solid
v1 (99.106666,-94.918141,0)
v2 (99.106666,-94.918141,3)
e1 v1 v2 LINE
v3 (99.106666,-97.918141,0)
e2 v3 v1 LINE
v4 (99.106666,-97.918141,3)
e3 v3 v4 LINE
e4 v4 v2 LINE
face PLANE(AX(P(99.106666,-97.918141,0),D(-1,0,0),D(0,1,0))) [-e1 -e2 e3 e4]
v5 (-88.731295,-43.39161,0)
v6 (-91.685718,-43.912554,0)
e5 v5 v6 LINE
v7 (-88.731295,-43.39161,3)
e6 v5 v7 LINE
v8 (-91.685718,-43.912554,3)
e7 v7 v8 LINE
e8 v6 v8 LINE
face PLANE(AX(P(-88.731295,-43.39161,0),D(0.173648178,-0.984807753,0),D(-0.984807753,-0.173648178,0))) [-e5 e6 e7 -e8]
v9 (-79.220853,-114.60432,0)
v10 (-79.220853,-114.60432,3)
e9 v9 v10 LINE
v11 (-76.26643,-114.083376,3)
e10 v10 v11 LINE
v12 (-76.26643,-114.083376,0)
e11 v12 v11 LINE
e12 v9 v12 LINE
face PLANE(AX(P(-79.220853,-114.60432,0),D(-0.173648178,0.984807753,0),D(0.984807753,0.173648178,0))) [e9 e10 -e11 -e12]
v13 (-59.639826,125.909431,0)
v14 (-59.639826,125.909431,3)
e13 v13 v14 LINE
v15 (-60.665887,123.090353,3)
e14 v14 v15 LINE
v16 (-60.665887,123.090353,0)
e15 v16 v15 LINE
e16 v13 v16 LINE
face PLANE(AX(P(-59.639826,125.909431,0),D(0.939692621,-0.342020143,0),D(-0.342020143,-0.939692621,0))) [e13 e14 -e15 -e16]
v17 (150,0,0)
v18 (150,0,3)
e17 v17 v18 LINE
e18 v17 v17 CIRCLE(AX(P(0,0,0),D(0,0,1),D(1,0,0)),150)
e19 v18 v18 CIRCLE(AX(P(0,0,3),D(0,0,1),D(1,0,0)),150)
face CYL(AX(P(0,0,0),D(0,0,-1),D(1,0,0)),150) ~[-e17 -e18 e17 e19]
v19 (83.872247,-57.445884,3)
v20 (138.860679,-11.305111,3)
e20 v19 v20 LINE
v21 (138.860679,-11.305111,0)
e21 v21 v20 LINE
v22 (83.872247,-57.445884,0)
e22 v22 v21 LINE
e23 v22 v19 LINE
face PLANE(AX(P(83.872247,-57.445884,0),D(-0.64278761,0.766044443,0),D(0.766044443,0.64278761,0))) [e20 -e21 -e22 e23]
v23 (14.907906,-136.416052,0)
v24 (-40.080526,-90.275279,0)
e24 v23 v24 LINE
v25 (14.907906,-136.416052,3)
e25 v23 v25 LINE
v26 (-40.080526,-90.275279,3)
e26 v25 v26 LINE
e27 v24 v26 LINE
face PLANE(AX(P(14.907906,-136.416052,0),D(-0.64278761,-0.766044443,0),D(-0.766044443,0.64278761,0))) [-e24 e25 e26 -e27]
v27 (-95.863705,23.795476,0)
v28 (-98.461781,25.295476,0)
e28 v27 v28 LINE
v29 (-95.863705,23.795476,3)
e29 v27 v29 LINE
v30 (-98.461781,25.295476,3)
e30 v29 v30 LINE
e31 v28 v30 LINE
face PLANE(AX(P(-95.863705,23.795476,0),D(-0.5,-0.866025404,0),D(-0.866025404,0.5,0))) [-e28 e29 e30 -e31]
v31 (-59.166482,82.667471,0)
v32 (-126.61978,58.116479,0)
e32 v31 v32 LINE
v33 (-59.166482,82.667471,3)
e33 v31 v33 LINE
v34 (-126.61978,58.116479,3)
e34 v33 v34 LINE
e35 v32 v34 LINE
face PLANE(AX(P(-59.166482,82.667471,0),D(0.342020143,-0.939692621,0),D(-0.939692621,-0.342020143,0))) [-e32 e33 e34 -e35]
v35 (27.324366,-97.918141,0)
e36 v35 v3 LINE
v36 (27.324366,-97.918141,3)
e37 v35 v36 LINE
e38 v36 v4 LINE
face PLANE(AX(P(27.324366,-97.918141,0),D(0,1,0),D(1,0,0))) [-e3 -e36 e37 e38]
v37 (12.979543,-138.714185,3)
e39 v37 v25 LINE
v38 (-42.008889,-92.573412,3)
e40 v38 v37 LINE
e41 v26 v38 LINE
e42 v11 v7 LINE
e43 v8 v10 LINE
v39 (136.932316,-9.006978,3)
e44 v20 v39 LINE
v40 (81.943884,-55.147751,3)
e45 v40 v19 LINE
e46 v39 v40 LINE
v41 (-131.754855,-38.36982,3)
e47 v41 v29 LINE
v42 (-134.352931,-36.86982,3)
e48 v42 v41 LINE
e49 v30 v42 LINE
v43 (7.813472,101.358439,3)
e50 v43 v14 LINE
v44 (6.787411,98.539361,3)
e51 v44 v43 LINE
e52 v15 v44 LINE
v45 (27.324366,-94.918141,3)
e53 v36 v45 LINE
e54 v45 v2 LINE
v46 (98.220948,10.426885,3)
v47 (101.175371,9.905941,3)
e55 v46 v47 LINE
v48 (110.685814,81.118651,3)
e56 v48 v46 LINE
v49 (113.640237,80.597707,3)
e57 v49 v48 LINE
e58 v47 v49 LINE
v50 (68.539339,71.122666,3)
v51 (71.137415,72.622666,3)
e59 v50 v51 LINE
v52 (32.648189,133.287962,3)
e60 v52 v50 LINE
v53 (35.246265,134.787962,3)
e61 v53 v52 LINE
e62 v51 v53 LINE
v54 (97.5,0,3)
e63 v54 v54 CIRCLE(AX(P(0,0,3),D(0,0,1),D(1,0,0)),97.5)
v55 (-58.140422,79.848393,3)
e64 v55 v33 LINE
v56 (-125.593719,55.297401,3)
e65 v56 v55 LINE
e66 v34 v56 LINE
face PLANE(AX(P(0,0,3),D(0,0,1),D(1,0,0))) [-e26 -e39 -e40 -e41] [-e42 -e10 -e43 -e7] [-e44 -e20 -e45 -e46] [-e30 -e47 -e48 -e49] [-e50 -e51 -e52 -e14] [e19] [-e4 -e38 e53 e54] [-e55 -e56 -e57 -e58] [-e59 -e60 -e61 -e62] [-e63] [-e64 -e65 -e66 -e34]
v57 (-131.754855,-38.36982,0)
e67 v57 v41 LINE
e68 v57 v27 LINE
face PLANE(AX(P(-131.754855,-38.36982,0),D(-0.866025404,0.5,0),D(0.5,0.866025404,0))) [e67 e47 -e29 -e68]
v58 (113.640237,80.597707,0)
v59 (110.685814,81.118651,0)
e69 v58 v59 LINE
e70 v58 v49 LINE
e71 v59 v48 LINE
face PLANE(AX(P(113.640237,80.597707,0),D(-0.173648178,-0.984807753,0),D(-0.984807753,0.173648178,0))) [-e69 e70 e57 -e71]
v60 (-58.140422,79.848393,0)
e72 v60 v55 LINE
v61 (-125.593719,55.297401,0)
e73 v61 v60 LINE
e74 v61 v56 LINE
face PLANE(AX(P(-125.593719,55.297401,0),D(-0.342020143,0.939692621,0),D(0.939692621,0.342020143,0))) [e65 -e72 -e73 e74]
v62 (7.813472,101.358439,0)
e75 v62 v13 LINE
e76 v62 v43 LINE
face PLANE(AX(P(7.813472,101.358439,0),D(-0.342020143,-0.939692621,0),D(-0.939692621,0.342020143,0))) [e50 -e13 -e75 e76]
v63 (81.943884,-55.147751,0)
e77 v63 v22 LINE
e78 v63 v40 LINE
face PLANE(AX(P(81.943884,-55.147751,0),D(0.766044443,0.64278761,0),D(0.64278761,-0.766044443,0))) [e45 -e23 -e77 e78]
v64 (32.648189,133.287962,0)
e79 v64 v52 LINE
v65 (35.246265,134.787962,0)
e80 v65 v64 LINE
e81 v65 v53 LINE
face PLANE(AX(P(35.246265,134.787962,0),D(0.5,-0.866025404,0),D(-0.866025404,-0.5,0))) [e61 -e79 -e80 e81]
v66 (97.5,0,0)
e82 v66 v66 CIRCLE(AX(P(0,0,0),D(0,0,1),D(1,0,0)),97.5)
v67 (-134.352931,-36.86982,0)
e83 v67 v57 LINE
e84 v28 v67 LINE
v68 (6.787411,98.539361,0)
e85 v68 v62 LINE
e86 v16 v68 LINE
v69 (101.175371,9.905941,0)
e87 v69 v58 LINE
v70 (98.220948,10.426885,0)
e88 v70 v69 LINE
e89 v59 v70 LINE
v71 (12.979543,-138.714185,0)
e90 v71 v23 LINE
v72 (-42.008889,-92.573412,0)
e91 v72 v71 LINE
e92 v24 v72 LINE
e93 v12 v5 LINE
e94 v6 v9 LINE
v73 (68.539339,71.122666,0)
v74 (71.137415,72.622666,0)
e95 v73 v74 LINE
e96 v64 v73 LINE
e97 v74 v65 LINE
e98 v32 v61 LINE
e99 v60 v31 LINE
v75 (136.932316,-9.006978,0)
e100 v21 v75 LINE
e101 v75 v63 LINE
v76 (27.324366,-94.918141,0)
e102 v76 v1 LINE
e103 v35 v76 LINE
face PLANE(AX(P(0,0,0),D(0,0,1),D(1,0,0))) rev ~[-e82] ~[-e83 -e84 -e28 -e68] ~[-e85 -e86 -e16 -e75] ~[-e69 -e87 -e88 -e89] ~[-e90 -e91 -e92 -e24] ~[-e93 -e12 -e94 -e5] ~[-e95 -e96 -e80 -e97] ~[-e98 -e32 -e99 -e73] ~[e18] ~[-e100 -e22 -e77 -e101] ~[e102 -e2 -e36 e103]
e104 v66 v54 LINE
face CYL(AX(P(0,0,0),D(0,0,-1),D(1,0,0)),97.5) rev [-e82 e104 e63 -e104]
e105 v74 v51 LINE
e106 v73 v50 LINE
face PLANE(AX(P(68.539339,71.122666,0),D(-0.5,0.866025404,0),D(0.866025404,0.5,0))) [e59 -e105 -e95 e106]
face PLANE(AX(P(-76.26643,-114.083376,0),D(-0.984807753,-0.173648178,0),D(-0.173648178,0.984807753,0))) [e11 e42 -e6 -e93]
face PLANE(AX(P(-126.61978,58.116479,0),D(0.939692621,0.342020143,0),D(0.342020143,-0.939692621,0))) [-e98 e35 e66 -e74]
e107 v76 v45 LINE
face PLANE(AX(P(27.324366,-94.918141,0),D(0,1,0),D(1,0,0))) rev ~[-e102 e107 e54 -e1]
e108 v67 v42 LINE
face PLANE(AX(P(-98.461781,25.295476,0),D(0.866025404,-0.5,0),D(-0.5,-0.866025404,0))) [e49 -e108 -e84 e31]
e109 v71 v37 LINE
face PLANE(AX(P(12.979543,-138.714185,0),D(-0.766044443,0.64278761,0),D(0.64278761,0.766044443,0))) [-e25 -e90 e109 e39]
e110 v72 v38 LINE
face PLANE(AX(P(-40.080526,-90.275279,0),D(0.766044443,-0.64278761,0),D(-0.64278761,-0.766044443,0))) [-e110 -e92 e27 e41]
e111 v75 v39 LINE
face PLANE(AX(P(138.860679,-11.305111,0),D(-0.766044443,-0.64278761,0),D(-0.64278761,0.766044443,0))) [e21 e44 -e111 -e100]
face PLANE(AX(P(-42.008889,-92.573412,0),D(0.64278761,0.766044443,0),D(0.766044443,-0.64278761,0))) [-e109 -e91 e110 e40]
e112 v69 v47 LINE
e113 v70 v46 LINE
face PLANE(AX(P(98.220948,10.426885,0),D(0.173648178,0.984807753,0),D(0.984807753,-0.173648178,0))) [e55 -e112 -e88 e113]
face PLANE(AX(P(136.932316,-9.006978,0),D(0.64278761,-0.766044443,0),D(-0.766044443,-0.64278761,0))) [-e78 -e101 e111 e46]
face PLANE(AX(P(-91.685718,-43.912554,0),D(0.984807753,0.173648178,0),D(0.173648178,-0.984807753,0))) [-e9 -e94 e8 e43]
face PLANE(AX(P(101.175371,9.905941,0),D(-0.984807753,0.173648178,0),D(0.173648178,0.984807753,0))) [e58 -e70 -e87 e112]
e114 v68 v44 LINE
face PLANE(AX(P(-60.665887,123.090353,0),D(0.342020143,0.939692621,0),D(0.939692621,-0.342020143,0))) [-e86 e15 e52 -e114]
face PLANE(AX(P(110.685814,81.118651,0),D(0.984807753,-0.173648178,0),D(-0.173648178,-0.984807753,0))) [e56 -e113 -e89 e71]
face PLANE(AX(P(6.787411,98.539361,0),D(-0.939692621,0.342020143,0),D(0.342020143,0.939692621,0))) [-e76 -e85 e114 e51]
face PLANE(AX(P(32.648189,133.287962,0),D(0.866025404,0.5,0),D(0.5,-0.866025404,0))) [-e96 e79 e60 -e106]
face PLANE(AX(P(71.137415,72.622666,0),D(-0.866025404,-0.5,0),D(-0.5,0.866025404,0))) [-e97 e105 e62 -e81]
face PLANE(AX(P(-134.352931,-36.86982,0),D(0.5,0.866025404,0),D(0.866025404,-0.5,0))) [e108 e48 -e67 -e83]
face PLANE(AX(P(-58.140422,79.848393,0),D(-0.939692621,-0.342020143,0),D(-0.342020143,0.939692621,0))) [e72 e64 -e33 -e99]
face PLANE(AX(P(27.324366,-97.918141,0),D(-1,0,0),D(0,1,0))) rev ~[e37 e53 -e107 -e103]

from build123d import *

# Parameters (mm, degrees)
SKETCH1_R         = 150
SKETCH1_R_2       = 97.5
SHROUD_DEPTH      = 3
SKETCH2_W         = 71.782300335
SKETCH2_H         = 3
BLADE_SLOTS_DEPTH = 3


with BuildPart() as part:
    # Sketch1 → Shroud (new body)
    with BuildSketch(Plane.XY):
        Circle(SKETCH1_R)
        Circle(SKETCH1_R_2, mode=Mode.SUBTRACT)
    extrude(amount=SHROUD_DEPTH)

    # Sketch2 → Blade_slots (cut)
    with BuildSketch(Plane.XY):
        with Locations((63.2155163, -96.418141453)):
            Rectangle(SKETCH2_W, SKETCH2_H)
        Polygon((83.872246927, -57.445884148), (138.860679213, -11.305110898), (136.932316384, -9.006977568), (81.943884098, -55.147750818), align=None)
        Polygon((101.175371248, 9.90594079), (113.64023689, 80.597706689), (110.685813631, 81.118651222), (98.220947989, 10.426885323), align=None)
        Polygon((71.137414923, 72.62266594), (35.246264756, 134.787961572), (32.648188544, 133.287961572), (68.539338712, 71.12266594), align=None)
        Polygon((7.813471551, 101.358438585), (-59.639826377, 125.909431234), (-60.665886807, 123.090353372), (6.787411121, 98.539360723), align=None)
        Polygon((-59.166481997, 82.667471343), (-126.619779924, 58.116478695), (-125.593719494, 55.297400832), (-58.140421567, 79.848393481), align=None)
        Polygon((-98.461781056, 25.295475513), (-134.352931224, -36.869820119), (-131.754855012, -38.369820119), (-95.863704845, 23.795475513), align=None)
        Polygon((-91.685718479, -43.912554438), (-79.220852837, -114.604320337), (-76.266429578, -114.083375804), (-88.73129522, -43.391609905), align=None)
        Polygon((-42.008889252, -92.573412133), (12.979543034, -138.714185383), (14.907905863, -136.416052054), (-40.080526423, -90.275278804), align=None)
    extrude(amount=BLADE_SLOTS_DEPTH, mode=Mode.SUBTRACT)


solid = part.part
